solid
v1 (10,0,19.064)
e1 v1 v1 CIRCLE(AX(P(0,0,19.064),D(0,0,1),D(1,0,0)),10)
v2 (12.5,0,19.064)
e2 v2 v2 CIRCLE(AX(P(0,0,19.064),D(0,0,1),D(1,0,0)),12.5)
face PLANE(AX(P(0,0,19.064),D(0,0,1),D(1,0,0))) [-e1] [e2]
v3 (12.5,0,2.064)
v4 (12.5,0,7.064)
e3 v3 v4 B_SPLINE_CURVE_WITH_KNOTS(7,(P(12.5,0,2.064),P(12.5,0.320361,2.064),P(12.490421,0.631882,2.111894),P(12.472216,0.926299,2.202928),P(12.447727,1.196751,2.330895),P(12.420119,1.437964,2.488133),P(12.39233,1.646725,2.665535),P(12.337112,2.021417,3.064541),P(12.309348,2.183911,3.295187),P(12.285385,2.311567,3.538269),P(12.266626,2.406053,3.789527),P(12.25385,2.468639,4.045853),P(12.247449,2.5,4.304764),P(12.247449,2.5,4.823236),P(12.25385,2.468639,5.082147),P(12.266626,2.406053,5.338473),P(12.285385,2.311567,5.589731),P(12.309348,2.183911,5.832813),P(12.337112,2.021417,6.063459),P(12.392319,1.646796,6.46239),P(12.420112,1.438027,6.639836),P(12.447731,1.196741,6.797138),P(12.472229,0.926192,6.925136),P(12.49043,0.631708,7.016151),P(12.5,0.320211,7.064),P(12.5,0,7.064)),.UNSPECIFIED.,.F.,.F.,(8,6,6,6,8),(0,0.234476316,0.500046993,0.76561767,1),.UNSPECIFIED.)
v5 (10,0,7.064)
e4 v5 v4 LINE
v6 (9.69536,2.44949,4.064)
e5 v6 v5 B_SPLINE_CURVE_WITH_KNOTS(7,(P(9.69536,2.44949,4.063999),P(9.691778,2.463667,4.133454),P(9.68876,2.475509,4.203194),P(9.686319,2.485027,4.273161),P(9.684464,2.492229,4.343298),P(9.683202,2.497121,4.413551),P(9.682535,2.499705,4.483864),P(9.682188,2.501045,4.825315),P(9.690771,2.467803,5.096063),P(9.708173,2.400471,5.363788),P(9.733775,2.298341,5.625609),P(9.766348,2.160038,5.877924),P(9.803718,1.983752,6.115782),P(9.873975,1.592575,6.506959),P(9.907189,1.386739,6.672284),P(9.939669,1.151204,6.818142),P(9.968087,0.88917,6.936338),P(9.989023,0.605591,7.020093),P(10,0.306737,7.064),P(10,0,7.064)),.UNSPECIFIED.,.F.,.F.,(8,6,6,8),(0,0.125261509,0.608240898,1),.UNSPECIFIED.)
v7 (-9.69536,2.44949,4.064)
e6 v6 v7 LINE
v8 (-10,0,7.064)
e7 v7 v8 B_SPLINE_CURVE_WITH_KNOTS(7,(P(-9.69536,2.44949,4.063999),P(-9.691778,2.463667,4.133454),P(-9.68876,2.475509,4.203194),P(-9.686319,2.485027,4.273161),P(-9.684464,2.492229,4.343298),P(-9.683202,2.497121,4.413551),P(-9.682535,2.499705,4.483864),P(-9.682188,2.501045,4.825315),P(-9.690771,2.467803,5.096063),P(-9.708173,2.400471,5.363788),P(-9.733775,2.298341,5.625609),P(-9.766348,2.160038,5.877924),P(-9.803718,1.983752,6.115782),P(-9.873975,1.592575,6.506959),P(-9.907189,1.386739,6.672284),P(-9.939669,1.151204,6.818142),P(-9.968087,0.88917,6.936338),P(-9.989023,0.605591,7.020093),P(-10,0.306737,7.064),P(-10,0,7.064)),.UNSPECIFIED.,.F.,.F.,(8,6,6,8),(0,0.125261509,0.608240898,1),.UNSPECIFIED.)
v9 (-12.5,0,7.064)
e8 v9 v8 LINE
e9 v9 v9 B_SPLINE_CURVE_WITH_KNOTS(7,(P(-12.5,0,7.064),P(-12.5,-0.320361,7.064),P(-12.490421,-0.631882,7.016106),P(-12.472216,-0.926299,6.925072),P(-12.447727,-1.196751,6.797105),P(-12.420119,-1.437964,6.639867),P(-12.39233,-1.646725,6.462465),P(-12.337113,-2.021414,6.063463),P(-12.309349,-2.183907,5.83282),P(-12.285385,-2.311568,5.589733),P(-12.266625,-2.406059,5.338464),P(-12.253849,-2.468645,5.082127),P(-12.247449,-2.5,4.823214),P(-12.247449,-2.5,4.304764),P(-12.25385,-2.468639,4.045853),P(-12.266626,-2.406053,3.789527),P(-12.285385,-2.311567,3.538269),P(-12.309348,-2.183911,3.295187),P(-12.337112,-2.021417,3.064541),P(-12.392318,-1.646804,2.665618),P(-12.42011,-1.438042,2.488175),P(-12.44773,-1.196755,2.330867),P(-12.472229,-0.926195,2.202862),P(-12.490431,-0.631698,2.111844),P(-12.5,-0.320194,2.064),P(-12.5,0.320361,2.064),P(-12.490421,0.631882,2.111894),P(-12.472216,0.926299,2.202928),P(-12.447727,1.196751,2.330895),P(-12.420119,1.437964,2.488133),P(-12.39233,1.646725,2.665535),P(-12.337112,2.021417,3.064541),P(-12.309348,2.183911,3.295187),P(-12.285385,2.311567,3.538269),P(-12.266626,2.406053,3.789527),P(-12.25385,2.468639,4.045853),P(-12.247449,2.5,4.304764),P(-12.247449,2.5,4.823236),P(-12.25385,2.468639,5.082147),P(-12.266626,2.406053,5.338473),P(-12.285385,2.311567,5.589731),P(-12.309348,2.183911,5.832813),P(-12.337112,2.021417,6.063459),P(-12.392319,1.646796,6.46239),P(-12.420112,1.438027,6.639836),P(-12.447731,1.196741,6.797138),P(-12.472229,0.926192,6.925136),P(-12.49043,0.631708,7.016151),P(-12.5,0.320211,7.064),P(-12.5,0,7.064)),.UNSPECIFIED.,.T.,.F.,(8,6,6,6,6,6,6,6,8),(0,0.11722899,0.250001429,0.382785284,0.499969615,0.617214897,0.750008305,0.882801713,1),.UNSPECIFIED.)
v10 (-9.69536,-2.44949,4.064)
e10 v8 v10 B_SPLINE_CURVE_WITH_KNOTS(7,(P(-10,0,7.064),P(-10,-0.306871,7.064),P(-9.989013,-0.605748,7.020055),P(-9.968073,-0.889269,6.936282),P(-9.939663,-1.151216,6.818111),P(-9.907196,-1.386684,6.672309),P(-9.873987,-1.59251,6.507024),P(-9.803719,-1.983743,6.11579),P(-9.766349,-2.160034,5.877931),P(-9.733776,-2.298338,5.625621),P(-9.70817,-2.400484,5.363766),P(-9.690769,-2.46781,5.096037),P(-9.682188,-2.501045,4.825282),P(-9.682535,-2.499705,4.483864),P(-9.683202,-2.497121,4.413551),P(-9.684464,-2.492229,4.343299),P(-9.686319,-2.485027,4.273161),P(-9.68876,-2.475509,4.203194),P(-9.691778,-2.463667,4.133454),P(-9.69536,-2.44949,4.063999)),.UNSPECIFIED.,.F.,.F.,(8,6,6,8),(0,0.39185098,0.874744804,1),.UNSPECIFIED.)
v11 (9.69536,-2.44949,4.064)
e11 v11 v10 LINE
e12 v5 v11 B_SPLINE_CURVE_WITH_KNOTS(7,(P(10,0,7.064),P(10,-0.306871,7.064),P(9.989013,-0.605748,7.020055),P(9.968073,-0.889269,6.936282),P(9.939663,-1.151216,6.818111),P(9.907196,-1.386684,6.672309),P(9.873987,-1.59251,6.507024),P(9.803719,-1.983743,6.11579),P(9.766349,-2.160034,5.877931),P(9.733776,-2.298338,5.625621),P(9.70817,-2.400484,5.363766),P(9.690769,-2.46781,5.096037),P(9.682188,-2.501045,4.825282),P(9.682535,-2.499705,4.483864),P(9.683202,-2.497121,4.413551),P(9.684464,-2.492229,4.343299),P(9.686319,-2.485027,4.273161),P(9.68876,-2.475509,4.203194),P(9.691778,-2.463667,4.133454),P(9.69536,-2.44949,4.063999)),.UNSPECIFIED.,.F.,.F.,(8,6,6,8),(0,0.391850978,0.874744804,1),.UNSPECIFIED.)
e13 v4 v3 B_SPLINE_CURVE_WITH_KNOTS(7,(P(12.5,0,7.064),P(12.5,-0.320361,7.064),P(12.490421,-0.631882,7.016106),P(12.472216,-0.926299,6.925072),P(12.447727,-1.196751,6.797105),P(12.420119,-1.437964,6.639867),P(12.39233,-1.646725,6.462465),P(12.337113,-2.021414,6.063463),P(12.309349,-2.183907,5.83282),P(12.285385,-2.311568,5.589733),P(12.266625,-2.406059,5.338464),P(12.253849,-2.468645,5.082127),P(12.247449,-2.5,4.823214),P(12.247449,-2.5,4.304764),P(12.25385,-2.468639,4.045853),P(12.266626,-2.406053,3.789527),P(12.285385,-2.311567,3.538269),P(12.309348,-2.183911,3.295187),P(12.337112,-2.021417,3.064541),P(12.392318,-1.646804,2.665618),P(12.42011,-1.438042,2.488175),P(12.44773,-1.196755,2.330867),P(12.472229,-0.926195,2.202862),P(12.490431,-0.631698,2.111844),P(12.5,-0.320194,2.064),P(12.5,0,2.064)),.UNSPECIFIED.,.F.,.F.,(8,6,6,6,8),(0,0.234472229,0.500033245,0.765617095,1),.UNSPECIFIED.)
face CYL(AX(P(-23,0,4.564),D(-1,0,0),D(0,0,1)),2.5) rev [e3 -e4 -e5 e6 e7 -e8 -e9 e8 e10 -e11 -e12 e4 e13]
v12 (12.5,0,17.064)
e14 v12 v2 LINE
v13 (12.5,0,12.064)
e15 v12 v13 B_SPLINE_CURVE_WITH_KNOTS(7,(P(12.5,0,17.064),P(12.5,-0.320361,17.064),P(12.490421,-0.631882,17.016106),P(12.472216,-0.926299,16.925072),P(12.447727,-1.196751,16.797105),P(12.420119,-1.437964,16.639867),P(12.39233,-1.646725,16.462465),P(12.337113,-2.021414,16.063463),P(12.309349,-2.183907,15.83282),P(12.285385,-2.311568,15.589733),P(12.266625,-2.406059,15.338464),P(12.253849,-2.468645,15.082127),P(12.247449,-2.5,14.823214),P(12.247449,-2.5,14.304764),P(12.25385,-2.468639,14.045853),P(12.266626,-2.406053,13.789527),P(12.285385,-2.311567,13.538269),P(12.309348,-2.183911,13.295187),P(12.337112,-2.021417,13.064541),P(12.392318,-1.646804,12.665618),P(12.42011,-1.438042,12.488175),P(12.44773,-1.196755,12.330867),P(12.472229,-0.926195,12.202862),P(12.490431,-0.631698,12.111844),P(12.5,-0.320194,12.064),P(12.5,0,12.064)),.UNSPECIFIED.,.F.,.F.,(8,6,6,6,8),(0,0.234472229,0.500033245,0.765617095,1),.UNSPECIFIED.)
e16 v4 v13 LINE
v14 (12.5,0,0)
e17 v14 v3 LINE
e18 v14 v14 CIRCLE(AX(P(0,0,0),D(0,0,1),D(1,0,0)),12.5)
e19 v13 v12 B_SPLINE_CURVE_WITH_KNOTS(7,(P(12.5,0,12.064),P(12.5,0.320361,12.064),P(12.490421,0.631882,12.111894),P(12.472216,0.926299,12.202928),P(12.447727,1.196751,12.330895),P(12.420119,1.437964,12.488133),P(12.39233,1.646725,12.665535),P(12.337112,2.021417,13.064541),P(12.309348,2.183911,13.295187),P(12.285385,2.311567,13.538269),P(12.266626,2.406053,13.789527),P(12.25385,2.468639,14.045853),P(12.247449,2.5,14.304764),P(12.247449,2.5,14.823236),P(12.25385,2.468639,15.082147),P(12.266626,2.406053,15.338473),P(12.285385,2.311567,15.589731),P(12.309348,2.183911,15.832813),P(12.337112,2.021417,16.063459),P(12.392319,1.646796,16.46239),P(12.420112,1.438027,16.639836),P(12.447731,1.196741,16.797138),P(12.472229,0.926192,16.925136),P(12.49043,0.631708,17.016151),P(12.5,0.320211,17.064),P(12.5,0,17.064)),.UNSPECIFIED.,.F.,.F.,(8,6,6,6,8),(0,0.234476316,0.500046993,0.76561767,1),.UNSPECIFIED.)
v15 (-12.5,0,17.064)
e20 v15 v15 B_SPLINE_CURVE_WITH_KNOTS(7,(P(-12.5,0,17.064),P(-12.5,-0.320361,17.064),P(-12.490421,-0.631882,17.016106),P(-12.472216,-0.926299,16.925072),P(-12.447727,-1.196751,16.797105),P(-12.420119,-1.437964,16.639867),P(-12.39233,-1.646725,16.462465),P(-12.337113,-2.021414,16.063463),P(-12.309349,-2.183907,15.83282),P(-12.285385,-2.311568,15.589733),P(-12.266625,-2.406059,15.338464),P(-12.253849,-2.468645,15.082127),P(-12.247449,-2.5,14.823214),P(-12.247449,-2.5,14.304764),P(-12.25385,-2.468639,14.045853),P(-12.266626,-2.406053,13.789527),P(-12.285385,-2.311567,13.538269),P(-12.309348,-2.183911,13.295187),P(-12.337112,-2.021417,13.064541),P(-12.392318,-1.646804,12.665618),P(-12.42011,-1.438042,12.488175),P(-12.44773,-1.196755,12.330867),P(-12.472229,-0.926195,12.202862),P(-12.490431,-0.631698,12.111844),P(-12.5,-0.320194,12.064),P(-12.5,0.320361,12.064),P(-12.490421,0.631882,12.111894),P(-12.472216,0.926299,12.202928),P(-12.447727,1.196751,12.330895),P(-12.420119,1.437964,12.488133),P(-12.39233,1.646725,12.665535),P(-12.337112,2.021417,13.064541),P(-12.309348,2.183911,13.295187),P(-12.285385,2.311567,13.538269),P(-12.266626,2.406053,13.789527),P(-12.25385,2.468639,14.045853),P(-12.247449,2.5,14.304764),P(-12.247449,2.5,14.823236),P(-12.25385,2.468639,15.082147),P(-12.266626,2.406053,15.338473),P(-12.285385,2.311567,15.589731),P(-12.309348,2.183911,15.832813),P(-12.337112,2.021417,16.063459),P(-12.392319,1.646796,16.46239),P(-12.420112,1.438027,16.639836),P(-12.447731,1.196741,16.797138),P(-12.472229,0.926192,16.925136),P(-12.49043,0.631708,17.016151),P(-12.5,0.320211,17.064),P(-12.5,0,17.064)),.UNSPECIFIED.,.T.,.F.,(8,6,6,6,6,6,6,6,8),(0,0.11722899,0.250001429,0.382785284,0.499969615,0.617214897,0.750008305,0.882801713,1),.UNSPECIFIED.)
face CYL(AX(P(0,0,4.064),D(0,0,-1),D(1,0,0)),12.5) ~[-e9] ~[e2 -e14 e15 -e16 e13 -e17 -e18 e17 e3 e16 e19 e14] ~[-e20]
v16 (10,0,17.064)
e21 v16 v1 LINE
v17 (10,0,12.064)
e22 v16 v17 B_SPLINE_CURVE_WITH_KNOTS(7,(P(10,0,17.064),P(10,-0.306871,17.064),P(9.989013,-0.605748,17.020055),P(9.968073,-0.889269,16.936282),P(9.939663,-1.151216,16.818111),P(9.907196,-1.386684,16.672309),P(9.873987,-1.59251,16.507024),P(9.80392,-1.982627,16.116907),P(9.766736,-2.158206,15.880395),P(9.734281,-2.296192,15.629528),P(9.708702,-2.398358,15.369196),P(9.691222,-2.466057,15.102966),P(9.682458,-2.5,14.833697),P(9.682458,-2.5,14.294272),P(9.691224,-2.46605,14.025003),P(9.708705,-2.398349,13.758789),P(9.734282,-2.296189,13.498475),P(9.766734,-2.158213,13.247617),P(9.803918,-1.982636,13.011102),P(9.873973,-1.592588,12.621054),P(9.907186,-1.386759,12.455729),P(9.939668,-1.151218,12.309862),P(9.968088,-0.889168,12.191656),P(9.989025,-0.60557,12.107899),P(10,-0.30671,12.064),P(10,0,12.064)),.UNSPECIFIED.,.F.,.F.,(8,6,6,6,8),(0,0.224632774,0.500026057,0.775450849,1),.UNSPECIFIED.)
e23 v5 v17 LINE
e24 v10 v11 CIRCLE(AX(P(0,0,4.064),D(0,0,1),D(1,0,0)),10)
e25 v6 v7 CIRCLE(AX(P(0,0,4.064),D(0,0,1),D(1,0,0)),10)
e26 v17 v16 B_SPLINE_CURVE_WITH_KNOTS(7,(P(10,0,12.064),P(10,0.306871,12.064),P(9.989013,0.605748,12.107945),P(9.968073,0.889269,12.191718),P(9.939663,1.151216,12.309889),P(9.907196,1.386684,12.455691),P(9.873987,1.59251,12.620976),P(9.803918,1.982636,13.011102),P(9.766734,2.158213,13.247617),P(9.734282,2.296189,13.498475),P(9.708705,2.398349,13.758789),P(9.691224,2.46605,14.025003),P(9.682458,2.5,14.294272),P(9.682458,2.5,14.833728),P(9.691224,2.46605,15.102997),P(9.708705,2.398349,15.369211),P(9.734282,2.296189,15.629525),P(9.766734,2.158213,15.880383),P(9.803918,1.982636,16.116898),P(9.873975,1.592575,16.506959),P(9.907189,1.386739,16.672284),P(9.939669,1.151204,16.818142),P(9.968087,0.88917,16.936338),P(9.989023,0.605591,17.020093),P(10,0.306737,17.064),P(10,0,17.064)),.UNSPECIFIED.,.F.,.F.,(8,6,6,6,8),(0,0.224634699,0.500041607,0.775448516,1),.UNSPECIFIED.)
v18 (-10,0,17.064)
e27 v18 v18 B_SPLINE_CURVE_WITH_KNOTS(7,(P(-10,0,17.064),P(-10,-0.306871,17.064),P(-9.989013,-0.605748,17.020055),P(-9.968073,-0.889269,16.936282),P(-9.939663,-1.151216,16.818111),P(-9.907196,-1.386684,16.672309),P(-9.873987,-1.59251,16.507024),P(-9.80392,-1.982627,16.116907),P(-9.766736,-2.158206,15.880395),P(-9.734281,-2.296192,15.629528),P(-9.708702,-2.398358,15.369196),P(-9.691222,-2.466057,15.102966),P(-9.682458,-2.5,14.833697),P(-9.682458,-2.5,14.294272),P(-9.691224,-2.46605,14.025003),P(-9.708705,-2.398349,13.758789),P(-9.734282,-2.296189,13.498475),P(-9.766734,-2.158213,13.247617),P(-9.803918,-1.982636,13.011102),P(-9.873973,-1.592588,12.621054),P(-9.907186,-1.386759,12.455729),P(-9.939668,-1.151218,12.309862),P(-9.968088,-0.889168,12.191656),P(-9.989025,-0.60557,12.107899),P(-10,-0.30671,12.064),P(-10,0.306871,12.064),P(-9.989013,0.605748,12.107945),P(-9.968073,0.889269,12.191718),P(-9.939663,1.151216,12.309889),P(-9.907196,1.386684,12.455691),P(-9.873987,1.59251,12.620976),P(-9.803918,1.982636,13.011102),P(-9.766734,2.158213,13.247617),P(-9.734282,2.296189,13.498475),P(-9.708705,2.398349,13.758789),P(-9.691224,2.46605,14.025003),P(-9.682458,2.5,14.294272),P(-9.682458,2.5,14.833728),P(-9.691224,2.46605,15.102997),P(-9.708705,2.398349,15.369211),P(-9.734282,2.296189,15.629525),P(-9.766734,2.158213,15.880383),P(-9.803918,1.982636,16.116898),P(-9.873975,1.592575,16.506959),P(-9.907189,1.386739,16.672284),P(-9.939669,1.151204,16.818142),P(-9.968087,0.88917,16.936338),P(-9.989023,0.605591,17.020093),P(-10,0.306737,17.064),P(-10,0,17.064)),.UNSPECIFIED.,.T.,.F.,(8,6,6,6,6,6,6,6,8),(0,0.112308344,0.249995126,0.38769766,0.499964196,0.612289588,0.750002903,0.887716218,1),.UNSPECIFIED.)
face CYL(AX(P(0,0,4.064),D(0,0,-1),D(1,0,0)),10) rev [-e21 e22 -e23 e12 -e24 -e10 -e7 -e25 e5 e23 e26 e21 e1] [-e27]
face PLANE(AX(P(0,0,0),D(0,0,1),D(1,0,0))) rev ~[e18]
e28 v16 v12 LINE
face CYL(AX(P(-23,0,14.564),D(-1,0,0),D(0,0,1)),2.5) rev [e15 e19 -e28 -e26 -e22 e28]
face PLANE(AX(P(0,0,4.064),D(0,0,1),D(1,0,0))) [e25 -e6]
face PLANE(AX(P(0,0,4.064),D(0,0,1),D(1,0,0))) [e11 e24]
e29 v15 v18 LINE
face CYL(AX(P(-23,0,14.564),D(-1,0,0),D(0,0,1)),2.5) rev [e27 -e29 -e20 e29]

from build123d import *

# Parameters (mm, degrees)
ESBO_O1_R                  = 12.5
RESSALTO_EXTRUS_O1_DEPTH   = 4.064
ESBO_O2_R                  = 12.5
ESBO_O2_R_2                = 10
RESSALTO_EXTRUS_O2_DEPTH   = 15
CORTE_EXTRUS_O1_DEPTH      = 24
CORTE_EXTRUS_O1_DEPTH_BACK = 23
ESBO_O3_R                  = 2.5


with BuildPart() as part:
    # Esboço1 → Ressalto-extrusão1 (new body)
    with BuildSketch(Plane.XY):
        Circle(ESBO_O1_R)
    extrude(amount=RESSALTO_EXTRUS_O1_DEPTH)

    # Esboço2 → Ressalto-extrusão2 (add)
    with BuildSketch(Plane.XY.offset(4.064)):
        Circle(ESBO_O2_R)
        Circle(ESBO_O2_R_2, mode=Mode.SUBTRACT)
    extrude(amount=RESSALTO_EXTRUS_O2_DEPTH)

    # Esboço3 → Corte-extrusão1 (cut, two sides: drawn at the far end of the back side and taken through both)
    with BuildSketch(Plane(origin=(0, 0, 0), x_dir=(0, 0, -1), z_dir=(1, 0, 0)).offset(-CORTE_EXTRUS_O1_DEPTH_BACK)):
        with Locations(Location((-14.564, 0, 0), (0, 0, 180))):
            Circle(ESBO_O3_R)
        with Locations(Location((-4.564, 0, 0), (0, 0, 180))):
            Circle(ESBO_O3_R)
    extrude(amount=CORTE_EXTRUS_O1_DEPTH + CORTE_EXTRUS_O1_DEPTH_BACK, mode=Mode.SUBTRACT)


solid = part.part
